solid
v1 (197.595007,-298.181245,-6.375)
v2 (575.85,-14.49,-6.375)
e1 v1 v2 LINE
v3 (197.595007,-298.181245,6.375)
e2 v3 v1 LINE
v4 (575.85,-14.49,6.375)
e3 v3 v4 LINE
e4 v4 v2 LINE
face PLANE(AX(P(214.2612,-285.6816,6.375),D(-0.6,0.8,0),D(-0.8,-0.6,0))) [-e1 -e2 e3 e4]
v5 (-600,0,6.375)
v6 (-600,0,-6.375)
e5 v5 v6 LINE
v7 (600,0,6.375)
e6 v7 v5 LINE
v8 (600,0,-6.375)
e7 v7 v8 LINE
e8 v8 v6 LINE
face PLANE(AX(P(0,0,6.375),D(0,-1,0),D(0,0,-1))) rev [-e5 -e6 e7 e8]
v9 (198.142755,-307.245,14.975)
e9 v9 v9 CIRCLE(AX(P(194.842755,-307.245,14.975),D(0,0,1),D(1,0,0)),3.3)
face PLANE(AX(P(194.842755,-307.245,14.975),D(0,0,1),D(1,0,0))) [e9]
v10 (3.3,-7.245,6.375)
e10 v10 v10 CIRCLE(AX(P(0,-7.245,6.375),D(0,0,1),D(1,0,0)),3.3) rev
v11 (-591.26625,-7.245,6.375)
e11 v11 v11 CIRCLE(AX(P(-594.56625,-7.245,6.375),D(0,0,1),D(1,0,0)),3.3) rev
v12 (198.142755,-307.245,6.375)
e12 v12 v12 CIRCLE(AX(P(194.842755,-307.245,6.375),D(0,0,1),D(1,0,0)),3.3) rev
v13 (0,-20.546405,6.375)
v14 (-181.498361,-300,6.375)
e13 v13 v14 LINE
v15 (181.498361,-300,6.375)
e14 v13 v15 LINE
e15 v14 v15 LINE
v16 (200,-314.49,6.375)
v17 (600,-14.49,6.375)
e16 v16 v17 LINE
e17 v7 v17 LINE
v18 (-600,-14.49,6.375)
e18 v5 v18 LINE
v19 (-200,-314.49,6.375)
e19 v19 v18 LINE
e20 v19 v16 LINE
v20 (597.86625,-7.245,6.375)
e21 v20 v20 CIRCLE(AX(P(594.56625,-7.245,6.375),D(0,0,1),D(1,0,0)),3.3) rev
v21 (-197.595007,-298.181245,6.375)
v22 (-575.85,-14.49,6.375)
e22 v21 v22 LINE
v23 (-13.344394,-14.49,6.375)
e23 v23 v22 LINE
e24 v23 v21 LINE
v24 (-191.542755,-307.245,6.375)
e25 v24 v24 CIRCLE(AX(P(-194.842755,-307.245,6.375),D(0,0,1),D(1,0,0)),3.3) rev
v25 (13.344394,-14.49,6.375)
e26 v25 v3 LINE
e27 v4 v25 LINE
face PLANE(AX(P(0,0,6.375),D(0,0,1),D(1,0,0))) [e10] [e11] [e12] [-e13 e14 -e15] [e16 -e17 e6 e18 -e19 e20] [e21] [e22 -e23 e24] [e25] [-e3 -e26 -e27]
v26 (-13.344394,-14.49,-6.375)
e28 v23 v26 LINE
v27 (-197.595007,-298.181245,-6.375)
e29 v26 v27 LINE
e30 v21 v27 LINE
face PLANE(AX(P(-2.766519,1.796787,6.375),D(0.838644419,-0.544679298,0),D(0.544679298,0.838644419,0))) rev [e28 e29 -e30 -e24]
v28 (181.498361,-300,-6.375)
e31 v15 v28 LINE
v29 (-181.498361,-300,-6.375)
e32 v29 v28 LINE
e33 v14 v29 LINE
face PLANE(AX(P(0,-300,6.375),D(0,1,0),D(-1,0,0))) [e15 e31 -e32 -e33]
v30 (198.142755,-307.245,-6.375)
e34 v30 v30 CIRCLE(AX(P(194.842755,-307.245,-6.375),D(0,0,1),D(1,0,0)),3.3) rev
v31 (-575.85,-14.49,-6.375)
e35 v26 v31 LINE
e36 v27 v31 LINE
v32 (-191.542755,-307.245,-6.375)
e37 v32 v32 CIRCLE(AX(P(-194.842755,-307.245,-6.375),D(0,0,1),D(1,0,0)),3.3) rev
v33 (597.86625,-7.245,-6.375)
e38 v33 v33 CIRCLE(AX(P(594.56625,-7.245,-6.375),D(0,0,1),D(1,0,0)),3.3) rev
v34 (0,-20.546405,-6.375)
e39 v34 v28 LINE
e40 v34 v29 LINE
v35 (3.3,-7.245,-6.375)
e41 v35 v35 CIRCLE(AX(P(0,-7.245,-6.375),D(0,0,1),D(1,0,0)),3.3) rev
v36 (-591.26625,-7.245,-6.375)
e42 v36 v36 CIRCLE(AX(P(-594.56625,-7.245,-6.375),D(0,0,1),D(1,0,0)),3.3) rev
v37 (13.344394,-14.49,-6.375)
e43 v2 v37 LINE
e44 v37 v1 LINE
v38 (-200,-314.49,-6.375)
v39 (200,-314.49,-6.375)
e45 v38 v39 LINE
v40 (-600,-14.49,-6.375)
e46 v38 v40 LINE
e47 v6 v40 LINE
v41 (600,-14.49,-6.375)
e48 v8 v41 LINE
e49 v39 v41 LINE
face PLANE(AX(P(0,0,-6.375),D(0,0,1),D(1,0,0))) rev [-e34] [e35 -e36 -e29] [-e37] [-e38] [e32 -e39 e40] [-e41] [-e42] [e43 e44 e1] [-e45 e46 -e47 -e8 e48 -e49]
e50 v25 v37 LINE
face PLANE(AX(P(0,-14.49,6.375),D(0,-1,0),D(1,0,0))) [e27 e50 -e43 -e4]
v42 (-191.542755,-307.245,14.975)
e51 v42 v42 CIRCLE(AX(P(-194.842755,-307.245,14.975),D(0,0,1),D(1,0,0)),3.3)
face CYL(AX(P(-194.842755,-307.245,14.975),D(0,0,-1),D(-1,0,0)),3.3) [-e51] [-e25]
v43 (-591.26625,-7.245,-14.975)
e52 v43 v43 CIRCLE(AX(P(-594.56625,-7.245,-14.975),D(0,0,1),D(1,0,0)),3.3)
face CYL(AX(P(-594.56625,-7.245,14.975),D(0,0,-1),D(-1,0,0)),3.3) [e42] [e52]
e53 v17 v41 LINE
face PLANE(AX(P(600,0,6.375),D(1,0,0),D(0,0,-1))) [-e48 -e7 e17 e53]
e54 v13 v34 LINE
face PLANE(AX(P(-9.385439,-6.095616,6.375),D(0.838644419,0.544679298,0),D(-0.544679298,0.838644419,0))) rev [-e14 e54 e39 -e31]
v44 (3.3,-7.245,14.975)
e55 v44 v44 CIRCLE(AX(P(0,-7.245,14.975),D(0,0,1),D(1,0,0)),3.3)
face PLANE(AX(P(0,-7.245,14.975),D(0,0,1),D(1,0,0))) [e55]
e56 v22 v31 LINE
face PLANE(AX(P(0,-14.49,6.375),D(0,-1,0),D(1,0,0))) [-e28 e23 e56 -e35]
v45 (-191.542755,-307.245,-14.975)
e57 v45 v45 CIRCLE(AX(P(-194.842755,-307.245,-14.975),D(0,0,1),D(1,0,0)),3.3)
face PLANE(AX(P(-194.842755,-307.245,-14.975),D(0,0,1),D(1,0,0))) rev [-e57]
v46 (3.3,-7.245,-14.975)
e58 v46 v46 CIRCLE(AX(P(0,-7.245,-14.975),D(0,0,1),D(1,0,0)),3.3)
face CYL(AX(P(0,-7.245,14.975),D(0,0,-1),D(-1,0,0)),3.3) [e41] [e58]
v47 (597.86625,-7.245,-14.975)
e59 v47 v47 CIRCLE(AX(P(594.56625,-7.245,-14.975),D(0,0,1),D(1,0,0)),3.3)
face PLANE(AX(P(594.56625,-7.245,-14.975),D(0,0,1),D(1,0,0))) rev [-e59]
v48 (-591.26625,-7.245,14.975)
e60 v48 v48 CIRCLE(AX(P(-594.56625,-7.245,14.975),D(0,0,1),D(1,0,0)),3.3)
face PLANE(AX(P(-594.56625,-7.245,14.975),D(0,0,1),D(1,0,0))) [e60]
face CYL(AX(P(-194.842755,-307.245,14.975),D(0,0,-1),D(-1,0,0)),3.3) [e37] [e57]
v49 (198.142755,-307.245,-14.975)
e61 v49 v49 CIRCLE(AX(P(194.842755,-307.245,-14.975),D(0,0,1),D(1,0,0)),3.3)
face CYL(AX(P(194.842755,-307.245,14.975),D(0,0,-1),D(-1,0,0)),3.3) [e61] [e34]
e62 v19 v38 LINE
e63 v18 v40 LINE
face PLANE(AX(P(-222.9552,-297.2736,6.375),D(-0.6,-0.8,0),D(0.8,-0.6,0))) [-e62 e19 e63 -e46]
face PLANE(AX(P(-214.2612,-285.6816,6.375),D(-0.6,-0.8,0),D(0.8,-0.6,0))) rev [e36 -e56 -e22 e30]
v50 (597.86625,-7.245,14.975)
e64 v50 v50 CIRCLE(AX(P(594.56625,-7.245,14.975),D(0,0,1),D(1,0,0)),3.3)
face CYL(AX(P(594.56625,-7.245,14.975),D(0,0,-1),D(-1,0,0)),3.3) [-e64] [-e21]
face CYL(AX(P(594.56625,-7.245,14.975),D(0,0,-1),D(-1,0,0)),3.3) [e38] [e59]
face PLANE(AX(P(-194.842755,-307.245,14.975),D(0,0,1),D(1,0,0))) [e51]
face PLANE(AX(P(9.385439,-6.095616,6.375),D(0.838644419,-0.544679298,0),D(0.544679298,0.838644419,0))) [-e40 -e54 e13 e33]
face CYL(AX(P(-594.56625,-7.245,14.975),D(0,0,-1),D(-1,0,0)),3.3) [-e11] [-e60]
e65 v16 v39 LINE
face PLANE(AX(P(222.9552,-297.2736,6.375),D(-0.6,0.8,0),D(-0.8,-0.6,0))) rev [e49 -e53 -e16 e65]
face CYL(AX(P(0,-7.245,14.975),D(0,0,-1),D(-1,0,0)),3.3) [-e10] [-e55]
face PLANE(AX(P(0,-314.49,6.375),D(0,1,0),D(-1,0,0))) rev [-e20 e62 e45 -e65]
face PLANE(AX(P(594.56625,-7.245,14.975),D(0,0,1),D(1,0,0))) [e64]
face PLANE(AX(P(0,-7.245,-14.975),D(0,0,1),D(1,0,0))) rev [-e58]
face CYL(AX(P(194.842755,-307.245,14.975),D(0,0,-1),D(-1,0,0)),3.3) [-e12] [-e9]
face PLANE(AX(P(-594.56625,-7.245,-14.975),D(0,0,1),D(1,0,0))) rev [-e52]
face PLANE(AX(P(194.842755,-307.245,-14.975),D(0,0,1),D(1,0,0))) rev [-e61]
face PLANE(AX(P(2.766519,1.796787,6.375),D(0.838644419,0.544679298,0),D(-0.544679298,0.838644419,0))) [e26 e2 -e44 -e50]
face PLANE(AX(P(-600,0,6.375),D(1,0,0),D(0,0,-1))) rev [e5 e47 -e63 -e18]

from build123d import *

# Parameters (mm, degrees)
BOSS_EXTRUDE2_DEPTH = 6.375
SKETCH3_R           = 3.3
BOSS_EXTRUDE3_DEPTH = 14.975


with BuildPart() as part:
    # Sketch1 → Boss-Extrude2 (new, symmetric)
    with BuildSketch(Plane.XY):
        Polygon((0, -7.245), (0, 0), (-600, 0), (-600, -14.49), (-591.306, -2.898), (-575.85, -14.49), (-13.344393946, -14.49), (-6.075978819, -3.298798486), align=None)
        Polygon((0, -20.546405114), (-3.933488865, -14.49), (-13.344393946, -14.49), (-197.595006689, -298.181244983), (-195.17, -300), (-181.498361341, -300), align=None)
        Polygon((-575.85, -14.49), (-600, -14.49), (-200, -314.49), (-200, -307.806399497), (-202.705205395, -306.049433921), (-200, -301.884220709), (-200, -300), (-198.776244152, -300), (-197.595006689, -298.181244983), align=None)
        Polygon((13.344393946, -14.49), (3.933488865, -14.49), (0, -20.546405114), (181.498361341, -300), (195.17, -300), (197.595006689, -298.181244983), align=None)
        Polygon((600, 0), (0, 0), (0, -7.245), (6.075978819, -3.298798486), (13.344393946, -14.49), (575.85, -14.49), (591.306, -2.898), (600, -14.49), align=None)
        Polygon((200, -314.49), (600, -14.49), (575.85, -14.49), (197.595006689, -298.181244983), (198.776244152, -300), (200, -300), (200, -301.884220709), (202.705205395, -306.049433921), (200, -307.806399497), align=None)
        Polygon((-200, -314.49), (200, -314.49), (196.629226576, -309.995635435), (190.553247757, -313.941836949), (181.498361341, -300), (-181.498361341, -300), (-190.553247757, -313.941836949), (-196.629226576, -309.995635435), align=None)
        Polygon((6.075978819, -3.298798486), (0, -7.245), (6.075978819, -11.191201514), (3.933488865, -14.49), (13.344393946, -14.49), align=None)
        Polygon((-6.075978819, -11.191201514), (0, -7.245), (-6.075978819, -3.298798486), (-13.344393946, -14.49), (-3.933488865, -14.49), align=None)
        Polygon((6.075978819, -11.191201514), (0, -7.245), (0, -14.49), (3.933488865, -14.49), align=None)
        Polygon((0, -14.49), (0, -7.245), (-6.075978819, -11.191201514), (-3.933488865, -14.49), align=None)
        Polygon((3.933488865, -14.49), (0, -14.49), (-3.933488865, -14.49), (0, -20.546405114), align=None)
        Polygon((198.776244152, -300), (197.595006689, -298.181244983), (195.17, -300), align=None)
        Polygon((200, -300), (198.776244152, -300), (200, -301.884220709), align=None)
        Polygon((200, -301.884220709), (200, -307.806399497), (202.705205395, -306.049433921), align=None)
        Polygon((196.629226576, -309.995635435), (200, -314.49), (200, -307.806399497), align=None)
        Polygon((196.629226576, -309.995635435), (200, -307.806399497), (200, -301.884220709), (198.776244152, -300), (195.17, -300), (191.306, -302.898), align=None)
        Polygon((190.553247757, -313.941836949), (196.629226576, -309.995635435), (191.306, -302.898), (195.17, -300), (181.498361341, -300), align=None)
        Polygon((575.85, -14.49), (600, -14.49), (591.306, -2.898), align=None)
        Polygon((-591.306, -2.898), (-600, -14.49), (-575.85, -14.49), align=None)
        Polygon((-191.306, -302.898), (-196.629226576, -309.995635435), (-190.553247757, -313.941836949), (-181.498361341, -300), (-195.17, -300), align=None)
        Polygon((-200, -307.806399497), (-200, -314.49), (-196.629226576, -309.995635435), align=None)
        Polygon((-202.705205395, -306.049433921), (-200, -307.806399497), (-200, -301.884220709), align=None)
        Polygon((-195.17, -300), (-197.595006689, -298.181244983), (-198.776244152, -300), align=None)
        Polygon((-200, -301.884220709), (-198.776244152, -300), (-200, -300), align=None)
        Polygon((-200, -301.884220709), (-200, -307.806399497), (-196.629226576, -309.995635435), (-191.306, -302.898), (-195.17, -300), (-198.776244152, -300), align=None)
    extrude(amount=BOSS_EXTRUDE2_DEPTH, both=True)

    # Sketch3 → Boss-Extrude3 (add, symmetric)
    with BuildSketch(Plane.XY):
        with Locations((0, -7.245)):
            Circle(SKETCH3_R)
        with Locations((-194.842755286, -307.245)):
            Circle(SKETCH3_R)
        with Locations((194.842755286, -307.245)):
            Circle(SKETCH3_R)
        with Locations((594.56625, -7.245)):
            Circle(SKETCH3_R)
        with Locations((-594.56625, -7.245)):
            Circle(SKETCH3_R)
    extrude(amount=BOSS_EXTRUDE3_DEPTH, both=True)


solid = part.part
